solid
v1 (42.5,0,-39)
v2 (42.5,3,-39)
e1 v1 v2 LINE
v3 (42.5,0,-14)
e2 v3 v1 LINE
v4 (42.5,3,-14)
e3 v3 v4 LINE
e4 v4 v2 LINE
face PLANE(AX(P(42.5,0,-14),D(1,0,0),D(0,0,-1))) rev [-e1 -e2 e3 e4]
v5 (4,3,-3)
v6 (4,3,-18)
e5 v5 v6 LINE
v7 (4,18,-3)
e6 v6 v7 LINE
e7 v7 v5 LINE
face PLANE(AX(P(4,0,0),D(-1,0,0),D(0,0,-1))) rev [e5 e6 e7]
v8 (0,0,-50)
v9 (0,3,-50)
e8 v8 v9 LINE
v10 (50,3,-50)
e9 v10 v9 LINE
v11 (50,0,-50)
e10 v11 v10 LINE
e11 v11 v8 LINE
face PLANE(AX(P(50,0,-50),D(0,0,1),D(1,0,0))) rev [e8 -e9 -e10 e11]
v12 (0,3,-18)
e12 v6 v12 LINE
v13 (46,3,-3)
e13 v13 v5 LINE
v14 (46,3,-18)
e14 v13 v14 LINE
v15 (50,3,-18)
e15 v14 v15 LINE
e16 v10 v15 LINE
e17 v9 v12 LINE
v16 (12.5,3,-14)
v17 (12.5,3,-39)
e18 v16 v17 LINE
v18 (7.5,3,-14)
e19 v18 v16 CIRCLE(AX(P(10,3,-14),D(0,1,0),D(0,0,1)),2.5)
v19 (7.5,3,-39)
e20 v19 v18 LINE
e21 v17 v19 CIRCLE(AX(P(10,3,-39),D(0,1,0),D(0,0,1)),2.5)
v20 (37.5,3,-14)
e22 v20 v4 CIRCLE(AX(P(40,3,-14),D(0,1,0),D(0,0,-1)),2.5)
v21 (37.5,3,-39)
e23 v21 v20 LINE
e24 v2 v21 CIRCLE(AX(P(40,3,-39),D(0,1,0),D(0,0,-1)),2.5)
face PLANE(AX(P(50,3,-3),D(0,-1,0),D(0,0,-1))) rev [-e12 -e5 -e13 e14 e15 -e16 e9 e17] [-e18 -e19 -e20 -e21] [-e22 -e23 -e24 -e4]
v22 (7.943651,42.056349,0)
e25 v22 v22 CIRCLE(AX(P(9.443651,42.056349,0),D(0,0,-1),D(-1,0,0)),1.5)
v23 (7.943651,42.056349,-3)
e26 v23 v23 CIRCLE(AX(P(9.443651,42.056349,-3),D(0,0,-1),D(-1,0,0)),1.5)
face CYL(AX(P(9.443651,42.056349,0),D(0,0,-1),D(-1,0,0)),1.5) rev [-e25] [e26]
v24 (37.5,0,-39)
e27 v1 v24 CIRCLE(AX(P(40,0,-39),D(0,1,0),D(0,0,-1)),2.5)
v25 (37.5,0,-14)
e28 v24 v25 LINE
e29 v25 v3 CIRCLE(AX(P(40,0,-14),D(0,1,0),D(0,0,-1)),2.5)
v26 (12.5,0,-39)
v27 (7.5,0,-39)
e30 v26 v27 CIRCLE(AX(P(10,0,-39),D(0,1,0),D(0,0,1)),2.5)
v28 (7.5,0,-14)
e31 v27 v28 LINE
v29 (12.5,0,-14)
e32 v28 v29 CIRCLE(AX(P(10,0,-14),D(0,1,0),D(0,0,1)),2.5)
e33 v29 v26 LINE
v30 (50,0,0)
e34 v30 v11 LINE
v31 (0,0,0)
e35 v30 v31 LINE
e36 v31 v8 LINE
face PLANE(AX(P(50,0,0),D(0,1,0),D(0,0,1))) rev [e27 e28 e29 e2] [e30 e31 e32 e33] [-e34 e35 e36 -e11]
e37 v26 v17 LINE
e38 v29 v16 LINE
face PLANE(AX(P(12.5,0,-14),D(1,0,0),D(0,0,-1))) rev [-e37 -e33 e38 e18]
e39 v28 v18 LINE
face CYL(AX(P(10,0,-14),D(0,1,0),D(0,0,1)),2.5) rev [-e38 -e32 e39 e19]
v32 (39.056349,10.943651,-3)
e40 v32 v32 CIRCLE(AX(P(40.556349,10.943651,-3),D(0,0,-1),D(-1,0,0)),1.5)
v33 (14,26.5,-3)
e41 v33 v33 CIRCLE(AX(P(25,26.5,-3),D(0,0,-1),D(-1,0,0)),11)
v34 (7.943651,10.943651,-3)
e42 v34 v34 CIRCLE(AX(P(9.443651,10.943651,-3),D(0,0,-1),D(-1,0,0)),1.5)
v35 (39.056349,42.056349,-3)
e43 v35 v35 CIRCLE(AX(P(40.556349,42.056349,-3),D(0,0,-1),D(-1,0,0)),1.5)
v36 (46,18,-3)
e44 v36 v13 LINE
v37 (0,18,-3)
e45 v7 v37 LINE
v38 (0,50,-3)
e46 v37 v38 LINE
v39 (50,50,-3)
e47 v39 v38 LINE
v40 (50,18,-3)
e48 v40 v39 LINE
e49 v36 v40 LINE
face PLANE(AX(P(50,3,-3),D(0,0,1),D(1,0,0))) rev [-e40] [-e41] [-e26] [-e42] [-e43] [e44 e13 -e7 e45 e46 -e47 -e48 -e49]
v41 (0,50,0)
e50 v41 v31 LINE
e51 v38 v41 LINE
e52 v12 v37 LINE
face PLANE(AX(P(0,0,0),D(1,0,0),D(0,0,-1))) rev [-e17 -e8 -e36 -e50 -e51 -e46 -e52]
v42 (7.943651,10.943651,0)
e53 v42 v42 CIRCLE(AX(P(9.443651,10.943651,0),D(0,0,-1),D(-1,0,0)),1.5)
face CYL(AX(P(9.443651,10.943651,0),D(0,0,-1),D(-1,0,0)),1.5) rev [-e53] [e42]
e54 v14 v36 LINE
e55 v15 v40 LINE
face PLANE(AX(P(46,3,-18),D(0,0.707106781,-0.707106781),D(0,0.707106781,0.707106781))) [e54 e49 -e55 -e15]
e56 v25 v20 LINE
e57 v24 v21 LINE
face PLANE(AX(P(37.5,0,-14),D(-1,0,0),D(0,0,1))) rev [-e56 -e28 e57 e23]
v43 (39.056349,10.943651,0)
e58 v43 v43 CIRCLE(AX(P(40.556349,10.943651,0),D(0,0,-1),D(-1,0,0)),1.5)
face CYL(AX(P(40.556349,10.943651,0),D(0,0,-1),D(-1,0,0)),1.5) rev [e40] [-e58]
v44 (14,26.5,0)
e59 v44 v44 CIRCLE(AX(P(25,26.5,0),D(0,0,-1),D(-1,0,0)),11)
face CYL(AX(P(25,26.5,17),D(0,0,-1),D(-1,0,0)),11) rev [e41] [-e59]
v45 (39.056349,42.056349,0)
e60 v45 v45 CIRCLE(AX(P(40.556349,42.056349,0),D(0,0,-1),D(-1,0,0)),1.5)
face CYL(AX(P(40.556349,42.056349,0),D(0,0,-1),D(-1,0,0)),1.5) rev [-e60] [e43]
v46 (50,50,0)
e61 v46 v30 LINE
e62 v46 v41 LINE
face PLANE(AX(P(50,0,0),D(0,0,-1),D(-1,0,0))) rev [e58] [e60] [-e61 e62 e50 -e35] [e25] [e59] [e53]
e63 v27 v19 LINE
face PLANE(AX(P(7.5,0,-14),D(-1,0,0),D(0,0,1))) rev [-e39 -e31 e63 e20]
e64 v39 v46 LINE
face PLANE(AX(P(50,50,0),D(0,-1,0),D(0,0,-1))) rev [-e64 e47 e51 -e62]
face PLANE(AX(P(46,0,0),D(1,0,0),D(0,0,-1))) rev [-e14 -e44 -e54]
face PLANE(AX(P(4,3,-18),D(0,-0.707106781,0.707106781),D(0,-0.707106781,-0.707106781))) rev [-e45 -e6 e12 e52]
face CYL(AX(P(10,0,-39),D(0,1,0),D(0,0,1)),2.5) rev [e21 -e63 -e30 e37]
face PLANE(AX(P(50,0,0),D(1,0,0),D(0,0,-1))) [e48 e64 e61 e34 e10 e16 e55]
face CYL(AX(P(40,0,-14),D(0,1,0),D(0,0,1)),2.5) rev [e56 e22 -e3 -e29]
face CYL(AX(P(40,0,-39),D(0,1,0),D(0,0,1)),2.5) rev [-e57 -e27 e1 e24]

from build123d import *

# Parameters (mm, degrees)
BOSS_EXTRUDE1_DEPTH = 50
SKETCH3_R           = 11
CUT_EXTRUDE1_DEPTH  = 20
CUT_EXTRUDE2_DEPTH  = 4
BOSS_EXTRUDE2_DEPTH = 4
SKETCH7_R           = 1.5
CUT_EXTRUDE3_DEPTH  = 4


with BuildPart() as part:
    # Sketch1 → Boss-Extrude1 (new body)
    with BuildSketch(Plane(origin=(0, 0, 0), x_dir=(0, 0, -1), z_dir=(1, 0, 0))):
        Polygon((0, 0), (0, 50), (3, 50), (3, 3), (50, 3), (50, 0), align=None)
    extrude(amount=BOSS_EXTRUDE1_DEPTH)

    # Sketch3 → Cut-Extrude1 (cut)
    with BuildSketch(Plane(origin=(0, 0, -3), x_dir=(-1, 0, 0), z_dir=(0, 0, -1))):
        with Locations((-25, 26.5)):
            Circle(SKETCH3_R)
    extrude(amount=-CUT_EXTRUDE1_DEPTH, mode=Mode.SUBTRACT)

    # Sketch4 → Cut-Extrude2 (cut, through all)
    with BuildSketch(Plane(origin=(0, 3, 0), x_dir=(1, 0, 0), z_dir=(0, 1, 0))):
        with BuildLine():
            Line((7.5, 14), (7.5, 39))
            ThreePointArc((7.5, 39), (10, 41.5), (12.5, 39))
            Line((12.5, 39), (12.5, 14))
            ThreePointArc((12.5, 14), (10, 11.5), (7.5, 14))
        make_face()
        with BuildLine():
            Line((42.5, 14), (42.5, 39))
            ThreePointArc((42.5, 39), (40, 41.5), (37.5, 39))
            Line((37.5, 39), (37.5, 14))
            ThreePointArc((37.5, 14), (40, 11.5), (42.5, 14))
        make_face()
    extrude(amount=-CUT_EXTRUDE2_DEPTH, mode=Mode.SUBTRACT)

    # Sketch6 → Boss-Extrude2 (add)
    with BuildSketch(Plane(origin=(50, 0, 0), x_dir=(0, 0, -1), z_dir=(1, 0, 0))):
        Polygon((3, 3), (18, 3), (3, 18), align=None)
    boss_extrude2 = extrude(amount=-BOSS_EXTRUDE2_DEPTH)

    # Mirror1: Boss-Extrude2 across plane
    add(boss_extrude2.mirror(Plane(origin=(25, 0, 0), x_dir=(0, 0, 1), z_dir=(1, 0, 0))))

    # Sketch7 → Cut-Extrude3 (cut, through all)
    with BuildSketch(Plane(origin=(0, 0, -3), x_dir=(-1, 0, 0), z_dir=(0, 0, -1))):
        with Locations((-40.556349186, 42.056349186)):
            Circle(SKETCH7_R)
        with Locations((-9.443650814, 42.056349186)):
            Circle(SKETCH7_R)
        with Locations((-40.556349186, 10.943650814)):
            Circle(SKETCH7_R)
        with Locations((-9.443650814, 10.943650814)):
            Circle(SKETCH7_R)
    extrude(amount=-CUT_EXTRUDE3_DEPTH, mode=Mode.SUBTRACT)


solid = part.part
